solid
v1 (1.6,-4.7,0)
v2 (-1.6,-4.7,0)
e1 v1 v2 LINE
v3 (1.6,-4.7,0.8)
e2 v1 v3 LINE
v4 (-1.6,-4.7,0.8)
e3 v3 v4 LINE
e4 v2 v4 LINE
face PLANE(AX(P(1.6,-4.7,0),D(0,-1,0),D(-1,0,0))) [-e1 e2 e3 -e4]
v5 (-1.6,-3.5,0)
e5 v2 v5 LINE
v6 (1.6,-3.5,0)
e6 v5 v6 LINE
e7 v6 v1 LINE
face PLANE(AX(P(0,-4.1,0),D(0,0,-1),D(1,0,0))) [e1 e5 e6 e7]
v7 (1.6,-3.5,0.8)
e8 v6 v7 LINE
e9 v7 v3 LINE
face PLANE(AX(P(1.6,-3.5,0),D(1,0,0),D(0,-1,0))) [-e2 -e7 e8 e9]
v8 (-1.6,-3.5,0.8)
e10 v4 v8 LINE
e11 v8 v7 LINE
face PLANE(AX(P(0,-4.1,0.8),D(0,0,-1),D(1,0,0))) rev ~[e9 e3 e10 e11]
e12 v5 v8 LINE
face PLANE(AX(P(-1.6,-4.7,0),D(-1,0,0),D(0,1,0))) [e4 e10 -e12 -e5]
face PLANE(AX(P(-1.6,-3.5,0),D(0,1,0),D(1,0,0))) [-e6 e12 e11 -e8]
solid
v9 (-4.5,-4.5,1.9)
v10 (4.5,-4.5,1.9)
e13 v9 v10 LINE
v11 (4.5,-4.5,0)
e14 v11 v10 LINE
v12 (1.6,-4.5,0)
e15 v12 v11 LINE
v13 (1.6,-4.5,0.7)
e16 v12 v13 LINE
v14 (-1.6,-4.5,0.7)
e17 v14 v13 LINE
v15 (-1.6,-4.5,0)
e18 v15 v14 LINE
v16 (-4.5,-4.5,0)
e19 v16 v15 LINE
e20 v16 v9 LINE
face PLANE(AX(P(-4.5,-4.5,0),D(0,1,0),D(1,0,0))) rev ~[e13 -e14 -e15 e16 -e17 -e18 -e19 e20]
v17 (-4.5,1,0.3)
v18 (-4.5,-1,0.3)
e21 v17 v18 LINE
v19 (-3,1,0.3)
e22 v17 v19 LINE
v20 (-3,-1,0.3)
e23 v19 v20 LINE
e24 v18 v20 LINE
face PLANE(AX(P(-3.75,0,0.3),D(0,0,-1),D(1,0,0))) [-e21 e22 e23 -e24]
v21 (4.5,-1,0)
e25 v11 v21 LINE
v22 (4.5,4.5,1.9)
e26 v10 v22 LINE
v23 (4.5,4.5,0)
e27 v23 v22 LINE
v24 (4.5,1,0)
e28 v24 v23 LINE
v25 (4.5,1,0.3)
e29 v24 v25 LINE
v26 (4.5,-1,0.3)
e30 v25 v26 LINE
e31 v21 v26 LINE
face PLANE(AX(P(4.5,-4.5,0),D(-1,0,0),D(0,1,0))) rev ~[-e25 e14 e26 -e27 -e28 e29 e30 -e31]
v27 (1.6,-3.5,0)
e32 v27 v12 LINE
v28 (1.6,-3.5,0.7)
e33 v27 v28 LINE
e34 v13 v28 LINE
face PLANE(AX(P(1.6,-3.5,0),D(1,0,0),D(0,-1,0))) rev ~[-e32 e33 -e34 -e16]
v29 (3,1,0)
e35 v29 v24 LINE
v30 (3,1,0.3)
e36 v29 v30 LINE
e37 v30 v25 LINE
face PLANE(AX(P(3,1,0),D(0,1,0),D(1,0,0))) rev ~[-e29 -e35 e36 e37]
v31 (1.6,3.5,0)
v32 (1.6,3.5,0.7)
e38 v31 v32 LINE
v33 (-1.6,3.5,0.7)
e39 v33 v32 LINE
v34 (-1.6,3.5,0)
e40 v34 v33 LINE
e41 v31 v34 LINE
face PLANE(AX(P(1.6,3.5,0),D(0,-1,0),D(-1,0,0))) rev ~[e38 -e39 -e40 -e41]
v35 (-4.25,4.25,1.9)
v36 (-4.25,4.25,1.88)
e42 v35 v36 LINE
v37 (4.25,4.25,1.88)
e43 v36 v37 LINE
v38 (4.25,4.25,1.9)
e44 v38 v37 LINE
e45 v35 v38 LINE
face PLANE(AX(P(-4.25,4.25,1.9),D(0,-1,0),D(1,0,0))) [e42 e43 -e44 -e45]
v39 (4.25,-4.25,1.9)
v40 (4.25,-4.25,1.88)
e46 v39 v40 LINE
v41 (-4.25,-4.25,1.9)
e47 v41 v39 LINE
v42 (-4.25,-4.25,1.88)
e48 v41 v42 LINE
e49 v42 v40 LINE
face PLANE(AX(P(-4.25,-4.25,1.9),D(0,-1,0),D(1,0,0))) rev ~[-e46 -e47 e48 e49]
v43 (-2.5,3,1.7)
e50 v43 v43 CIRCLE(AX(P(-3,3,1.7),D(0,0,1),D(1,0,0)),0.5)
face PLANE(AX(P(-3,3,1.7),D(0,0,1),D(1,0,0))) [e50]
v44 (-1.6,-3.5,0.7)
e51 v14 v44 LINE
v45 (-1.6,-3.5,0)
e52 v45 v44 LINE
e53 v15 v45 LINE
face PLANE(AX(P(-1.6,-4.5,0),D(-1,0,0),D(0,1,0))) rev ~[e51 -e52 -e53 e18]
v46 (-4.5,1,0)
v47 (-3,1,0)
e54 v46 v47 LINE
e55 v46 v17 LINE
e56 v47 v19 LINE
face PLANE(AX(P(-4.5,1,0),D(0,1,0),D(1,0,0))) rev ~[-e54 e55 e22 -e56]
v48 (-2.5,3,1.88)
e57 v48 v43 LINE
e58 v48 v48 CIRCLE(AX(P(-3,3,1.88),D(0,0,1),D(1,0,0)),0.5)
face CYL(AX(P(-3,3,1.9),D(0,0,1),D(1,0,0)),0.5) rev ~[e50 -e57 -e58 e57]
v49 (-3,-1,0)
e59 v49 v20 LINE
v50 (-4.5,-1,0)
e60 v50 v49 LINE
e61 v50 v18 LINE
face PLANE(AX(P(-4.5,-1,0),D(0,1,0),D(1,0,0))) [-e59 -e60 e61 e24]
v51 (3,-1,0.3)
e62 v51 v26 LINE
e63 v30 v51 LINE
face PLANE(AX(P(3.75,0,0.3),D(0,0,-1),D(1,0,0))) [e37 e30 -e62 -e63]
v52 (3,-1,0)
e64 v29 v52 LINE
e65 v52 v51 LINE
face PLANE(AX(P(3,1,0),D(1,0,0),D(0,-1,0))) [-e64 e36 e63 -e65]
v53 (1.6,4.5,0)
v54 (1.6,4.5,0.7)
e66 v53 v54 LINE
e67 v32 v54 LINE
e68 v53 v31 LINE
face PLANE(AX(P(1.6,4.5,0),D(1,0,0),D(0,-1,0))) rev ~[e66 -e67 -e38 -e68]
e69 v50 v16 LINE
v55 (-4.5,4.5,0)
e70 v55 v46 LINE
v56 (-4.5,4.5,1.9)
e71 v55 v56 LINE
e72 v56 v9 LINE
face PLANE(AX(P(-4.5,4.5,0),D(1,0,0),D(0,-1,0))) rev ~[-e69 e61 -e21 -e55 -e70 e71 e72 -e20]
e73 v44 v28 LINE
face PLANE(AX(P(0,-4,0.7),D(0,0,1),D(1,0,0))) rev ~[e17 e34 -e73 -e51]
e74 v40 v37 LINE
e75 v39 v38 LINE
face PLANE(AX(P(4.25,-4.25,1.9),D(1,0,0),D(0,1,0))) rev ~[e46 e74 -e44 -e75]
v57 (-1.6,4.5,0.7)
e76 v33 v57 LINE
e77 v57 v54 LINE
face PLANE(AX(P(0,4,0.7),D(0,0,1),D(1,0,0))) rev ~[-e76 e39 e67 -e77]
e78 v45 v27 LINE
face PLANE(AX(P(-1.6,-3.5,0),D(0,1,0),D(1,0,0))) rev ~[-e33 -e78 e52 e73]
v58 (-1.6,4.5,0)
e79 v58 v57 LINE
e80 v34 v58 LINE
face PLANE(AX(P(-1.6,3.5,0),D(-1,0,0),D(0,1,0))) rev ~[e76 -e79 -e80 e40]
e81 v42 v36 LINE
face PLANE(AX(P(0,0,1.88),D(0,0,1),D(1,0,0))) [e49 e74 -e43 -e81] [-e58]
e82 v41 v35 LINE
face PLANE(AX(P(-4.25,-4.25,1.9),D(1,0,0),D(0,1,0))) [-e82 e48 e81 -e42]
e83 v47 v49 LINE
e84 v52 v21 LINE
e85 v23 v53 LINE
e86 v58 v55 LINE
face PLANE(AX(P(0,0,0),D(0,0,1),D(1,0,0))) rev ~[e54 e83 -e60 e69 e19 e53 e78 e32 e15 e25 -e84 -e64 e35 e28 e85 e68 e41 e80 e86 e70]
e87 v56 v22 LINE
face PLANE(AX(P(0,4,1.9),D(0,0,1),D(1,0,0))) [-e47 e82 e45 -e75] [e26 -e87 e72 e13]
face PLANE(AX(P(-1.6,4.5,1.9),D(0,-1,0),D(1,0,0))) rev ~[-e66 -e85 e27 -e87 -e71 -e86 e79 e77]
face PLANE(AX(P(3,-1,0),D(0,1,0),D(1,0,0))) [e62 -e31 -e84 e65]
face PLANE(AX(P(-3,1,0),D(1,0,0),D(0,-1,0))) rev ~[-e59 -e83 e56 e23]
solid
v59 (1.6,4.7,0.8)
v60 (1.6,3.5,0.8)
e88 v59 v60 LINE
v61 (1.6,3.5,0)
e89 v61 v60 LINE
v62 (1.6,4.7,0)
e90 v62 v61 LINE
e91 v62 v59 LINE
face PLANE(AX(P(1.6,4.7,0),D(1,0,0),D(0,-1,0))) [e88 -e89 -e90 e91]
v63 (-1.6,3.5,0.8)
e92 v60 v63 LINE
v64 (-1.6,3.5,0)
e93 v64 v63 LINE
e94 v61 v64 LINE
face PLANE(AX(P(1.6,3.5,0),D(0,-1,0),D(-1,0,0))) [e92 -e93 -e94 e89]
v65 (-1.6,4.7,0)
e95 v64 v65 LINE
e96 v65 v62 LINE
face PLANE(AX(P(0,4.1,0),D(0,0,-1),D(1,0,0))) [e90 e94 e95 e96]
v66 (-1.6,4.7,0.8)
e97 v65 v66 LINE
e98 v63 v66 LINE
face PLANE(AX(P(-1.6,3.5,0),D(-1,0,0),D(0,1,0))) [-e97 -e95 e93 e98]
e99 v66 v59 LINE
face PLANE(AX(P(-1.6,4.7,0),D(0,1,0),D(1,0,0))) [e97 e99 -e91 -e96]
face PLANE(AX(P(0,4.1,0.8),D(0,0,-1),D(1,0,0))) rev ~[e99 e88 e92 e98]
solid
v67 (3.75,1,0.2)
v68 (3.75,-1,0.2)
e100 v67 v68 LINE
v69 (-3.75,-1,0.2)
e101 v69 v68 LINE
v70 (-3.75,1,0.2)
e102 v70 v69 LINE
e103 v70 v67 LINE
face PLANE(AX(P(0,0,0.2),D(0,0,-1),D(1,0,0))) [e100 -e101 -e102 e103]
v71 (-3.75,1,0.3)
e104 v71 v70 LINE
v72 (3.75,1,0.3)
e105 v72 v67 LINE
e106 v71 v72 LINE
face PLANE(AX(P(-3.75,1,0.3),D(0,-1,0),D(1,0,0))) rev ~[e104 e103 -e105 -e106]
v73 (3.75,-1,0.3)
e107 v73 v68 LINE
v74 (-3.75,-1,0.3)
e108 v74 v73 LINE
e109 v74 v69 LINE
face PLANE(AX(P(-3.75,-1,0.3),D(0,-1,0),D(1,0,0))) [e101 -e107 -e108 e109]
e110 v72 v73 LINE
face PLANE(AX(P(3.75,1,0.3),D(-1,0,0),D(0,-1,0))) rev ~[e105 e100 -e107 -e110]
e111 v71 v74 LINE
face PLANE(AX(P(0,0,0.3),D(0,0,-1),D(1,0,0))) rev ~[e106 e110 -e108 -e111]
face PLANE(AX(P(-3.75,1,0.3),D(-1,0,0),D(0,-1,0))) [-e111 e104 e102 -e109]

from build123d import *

# Parameters (mm, degrees)
F1_DEPTH  = 1.9
F2_R      = 0.5
F3_DEPTH  = 0.2
F5_DEPTH  = 0.8
F6_W      = 3.2
F6_H      = 1
F7_DEPTH  = 1.2
F8_W      = 1.5
F8_H      = 2
F9_DEPTH  = 0.3
F10_W     = 7.5
F10_H     = 2
F11_DEPTH = 0.1
F12_W     = 8.5
F12_H     = 8.5
F13_DEPTH = 0.02


with BuildPart() as f1:
    # F0 (on Top) → F1 (new body)
    with BuildSketch(Plane.XY):
        Polygon((-1.6, 4.5), (-4.5, 4.5), (-4.5, -4.5), (-1.6, -4.5), (-1.6, -3.5), (1.6, -3.5), (1.6, -4.5), (4.5, -4.5), (4.5, 4.5), (1.6, 4.5), (1.6, 3.5), (-1.6, 3.5), align=None)
    extrude(amount=F1_DEPTH)

    # F2 (on face) → F3 (cut)
    with BuildSketch(Plane.XY.offset(1.9)):
        with Locations((-3, 3)):
            Circle(F2_R)
    extrude(amount=-F3_DEPTH, mode=Mode.SUBTRACT)

    # F6 (on face) → F7 (join)
    with BuildSketch(Plane.XY.offset(1.9)):
        with Locations((0, 4)):
            Rectangle(F6_W, F6_H)
        with Locations((0, -4)):
            Rectangle(F6_W, F6_H)
    extrude(amount=-F7_DEPTH)

    # F8 (on face) → F9 (cut)
    with BuildSketch(Plane(origin=(0, 0, 0), x_dir=(1, 0, 0), z_dir=(0, 0, -1))):
        with Locations((-3.75, 0)):
            Rectangle(F8_W, F8_H)
        with Locations((3.75, 0)):
            Rectangle(F8_W, F8_H)
    extrude(amount=-F9_DEPTH, mode=Mode.SUBTRACT)

    # F12 (on face) → F13 (cut)
    with BuildSketch(Plane.XY.offset(1.9)):
        Rectangle(F12_W, F12_H)
    extrude(amount=-F13_DEPTH, mode=Mode.SUBTRACT)


with BuildPart() as f5:
    # F4 (on face) → F5 (new body)
    with BuildSketch(Plane(origin=(0, 0, 0), x_dir=(1, 0, 0), z_dir=(0, 0, -1))):
        Polygon((-1.6, 4.7), (-1.6, 4.5), (-1.6, 3.5), (1.6, 3.5), (1.6, 4.5), (1.6, 4.7), align=None)
    extrude(amount=-F5_DEPTH)


with BuildPart() as f5b:
    # F4 (on face) → F5, piece 2 (new body)
    with BuildSketch(Plane(origin=(0, 0, 0), x_dir=(1, 0, 0), z_dir=(0, 0, -1))):
        Polygon((1.6, -4.5), (1.6, -3.5), (-1.6, -3.5), (-1.6, -4.5), (-1.6, -4.7), (1.6, -4.7), align=None)
    extrude(amount=-F5_DEPTH)


with BuildPart() as f11:
    # F10 (on face) → F11 (new body)
    with BuildSketch(Plane(origin=(0, 0, 0.3), x_dir=(1, 0, 0), z_dir=(0, 0, -1))):
        Rectangle(F10_W, F10_H)
    extrude(amount=F11_DEPTH)


solid = Compound([f1.part, f5.part, f5b.part, f11.part])
